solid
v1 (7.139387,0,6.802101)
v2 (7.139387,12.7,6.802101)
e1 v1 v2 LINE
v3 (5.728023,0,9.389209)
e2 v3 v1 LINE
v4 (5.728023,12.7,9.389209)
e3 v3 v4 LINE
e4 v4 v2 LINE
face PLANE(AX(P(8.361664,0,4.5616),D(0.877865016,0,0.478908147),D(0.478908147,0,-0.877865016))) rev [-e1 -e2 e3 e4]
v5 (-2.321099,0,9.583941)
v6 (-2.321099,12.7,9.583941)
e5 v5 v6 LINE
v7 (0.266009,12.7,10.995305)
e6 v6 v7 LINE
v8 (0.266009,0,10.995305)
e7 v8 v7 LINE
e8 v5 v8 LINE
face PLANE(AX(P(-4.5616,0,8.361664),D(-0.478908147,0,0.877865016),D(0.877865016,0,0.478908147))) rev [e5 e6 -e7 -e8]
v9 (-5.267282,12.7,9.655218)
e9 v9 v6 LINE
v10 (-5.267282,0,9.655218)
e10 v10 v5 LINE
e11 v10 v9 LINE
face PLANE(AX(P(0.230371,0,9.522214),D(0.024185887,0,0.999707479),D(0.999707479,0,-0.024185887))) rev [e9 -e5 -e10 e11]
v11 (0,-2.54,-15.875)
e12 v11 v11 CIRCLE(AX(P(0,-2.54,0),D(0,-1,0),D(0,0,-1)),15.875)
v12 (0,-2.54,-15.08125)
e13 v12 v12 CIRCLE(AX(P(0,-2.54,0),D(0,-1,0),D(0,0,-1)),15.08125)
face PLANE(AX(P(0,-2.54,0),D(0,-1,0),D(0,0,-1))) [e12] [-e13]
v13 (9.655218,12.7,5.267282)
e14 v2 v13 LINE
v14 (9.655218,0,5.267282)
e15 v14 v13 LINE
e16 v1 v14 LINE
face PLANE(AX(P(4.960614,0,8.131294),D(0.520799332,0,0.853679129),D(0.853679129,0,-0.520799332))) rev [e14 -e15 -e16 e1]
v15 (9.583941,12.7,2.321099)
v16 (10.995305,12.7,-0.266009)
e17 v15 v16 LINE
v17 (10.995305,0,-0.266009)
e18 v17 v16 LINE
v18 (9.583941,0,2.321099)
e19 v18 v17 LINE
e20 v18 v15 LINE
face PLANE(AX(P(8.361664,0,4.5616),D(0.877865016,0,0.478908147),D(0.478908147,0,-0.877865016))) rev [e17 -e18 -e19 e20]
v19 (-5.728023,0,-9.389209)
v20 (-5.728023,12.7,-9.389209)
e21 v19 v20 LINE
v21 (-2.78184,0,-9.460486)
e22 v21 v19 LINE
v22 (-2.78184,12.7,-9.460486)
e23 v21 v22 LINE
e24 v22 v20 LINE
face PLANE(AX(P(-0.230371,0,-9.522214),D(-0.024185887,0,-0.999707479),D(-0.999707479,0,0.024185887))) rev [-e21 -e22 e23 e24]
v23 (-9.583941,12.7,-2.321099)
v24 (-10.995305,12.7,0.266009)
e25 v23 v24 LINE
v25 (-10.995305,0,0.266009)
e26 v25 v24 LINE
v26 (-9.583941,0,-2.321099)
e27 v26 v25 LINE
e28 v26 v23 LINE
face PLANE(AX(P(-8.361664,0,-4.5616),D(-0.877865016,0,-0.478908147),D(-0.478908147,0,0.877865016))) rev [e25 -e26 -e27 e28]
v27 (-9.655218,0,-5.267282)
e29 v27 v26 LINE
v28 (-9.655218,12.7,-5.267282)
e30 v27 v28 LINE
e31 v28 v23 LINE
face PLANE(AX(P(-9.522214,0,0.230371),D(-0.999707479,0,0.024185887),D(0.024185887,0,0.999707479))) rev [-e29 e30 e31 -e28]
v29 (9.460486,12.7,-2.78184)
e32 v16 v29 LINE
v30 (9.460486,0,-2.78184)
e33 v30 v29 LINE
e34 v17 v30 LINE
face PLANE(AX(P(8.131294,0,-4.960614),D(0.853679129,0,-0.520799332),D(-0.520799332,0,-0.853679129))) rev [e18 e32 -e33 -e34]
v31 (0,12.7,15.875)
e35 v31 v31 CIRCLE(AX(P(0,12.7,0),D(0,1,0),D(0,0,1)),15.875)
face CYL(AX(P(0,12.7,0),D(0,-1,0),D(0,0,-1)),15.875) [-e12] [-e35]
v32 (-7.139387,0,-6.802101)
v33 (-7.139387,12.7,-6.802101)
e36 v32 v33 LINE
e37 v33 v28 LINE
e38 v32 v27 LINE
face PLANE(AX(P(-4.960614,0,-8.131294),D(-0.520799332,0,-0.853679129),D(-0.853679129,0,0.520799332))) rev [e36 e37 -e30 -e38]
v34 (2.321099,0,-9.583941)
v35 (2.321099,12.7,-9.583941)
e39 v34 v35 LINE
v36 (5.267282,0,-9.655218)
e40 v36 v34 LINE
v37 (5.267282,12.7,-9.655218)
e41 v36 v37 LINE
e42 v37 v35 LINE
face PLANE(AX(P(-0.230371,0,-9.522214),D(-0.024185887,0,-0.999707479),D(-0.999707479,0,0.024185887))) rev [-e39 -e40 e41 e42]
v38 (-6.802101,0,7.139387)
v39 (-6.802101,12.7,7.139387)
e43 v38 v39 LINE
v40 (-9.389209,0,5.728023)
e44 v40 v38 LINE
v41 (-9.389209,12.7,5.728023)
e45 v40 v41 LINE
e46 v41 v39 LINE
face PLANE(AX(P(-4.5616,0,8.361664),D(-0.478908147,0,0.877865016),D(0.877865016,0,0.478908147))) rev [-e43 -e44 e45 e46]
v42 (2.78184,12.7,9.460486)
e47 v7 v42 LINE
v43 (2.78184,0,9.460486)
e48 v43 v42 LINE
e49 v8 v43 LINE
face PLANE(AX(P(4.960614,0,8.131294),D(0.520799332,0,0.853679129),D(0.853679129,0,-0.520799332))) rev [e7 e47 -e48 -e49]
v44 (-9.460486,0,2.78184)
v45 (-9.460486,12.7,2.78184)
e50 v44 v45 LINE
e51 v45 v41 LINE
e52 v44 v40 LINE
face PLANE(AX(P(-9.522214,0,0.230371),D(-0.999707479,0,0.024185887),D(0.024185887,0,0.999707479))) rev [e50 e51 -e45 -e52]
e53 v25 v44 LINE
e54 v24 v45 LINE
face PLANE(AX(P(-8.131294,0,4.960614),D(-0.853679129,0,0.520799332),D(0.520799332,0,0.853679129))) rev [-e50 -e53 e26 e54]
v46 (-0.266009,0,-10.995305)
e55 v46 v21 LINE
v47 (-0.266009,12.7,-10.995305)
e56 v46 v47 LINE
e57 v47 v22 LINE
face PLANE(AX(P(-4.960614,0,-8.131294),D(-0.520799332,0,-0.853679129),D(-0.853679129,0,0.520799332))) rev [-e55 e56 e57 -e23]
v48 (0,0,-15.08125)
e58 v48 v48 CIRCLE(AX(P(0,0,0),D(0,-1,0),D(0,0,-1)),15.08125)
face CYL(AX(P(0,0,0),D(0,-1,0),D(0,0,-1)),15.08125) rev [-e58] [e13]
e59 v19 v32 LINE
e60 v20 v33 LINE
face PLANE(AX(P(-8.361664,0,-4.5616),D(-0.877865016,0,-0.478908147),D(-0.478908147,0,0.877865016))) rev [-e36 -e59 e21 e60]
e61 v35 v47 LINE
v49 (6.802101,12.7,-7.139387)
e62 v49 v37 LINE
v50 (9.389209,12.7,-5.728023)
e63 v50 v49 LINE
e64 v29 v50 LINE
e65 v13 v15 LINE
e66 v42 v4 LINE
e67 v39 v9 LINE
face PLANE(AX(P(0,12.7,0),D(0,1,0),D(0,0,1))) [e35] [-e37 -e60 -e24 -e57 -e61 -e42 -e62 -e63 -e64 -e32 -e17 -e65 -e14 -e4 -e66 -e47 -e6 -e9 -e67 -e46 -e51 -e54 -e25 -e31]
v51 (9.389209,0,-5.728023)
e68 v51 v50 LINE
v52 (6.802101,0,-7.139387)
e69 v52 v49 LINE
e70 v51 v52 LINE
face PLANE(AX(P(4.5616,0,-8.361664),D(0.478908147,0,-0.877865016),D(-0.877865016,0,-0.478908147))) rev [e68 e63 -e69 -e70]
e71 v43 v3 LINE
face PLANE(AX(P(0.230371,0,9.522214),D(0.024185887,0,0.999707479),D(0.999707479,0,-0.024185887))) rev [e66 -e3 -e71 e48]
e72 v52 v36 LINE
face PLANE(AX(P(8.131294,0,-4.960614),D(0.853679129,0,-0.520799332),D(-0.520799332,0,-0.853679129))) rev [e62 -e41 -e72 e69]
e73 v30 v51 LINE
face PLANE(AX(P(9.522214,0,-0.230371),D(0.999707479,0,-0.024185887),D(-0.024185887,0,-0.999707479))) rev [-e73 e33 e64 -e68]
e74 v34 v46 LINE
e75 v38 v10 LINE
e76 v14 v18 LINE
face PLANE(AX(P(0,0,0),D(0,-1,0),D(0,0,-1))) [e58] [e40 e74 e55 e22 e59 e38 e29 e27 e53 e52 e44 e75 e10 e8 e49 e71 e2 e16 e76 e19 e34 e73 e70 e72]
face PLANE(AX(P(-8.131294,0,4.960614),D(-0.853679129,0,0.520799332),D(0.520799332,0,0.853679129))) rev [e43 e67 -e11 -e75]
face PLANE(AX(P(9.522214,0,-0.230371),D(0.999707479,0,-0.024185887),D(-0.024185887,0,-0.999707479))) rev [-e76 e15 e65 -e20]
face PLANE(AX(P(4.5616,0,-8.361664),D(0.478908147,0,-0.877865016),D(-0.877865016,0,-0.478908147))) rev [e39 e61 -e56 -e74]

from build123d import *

# Parameters (mm, degrees)
SKETCH1_R           = 15.875
BOSS_EXTRUDE1_DEPTH = 12.7
CUT_EXTRUDE1_DEPTH  = 13.7
SKETCH3_R           = 15.875
BOSS_EXTRUDE2_DEPTH = 2.54
SKETCH4_R           = 15.08125
CUT_EXTRUDE2_DEPTH  = 2.54


with BuildPart() as part:
    # Sketch1 → Boss-Extrude1 (new body)
    with BuildSketch(Plane(origin=(0, 0, 0), x_dir=(1, 0, 0), z_dir=(0, 1, 0))):
        Circle(SKETCH1_R)
    extrude(amount=BOSS_EXTRUDE1_DEPTH)

    # Sketch2 → Cut-Extrude1 (cut, through all)
    with BuildSketch(Plane(origin=(0, 12.7, 0), x_dir=(1, 0, 0), z_dir=(0, 1, 0))):
        Polygon((-9.38920922, -5.728023239), (0.266009029, -10.995305325), (9.655218248, -5.267282086), (9.38920922, 5.728023239), (-0.266009029, 10.995305325), (-9.655218248, 5.267282086), align=None)
        Polygon((-5.267282086, -9.655218248), (5.728023239, -9.38920922), (10.995305325, 0.266009029), (5.267282086, 9.655218248), (-5.728023239, 9.38920922), (-10.995305325, -0.266009029), align=None)
        Polygon((-7.13938722, 6.802101287), (-2.781840057, 9.460486124), (-5.728023239, 9.38920922), align=None)
        Polygon((-9.583941344, 2.321098904), (-7.13938722, 6.802101287), (-9.655218248, 5.267282086), align=None)
        Polygon((-10.995305325, -0.266009029), (-9.460486124, -2.781840057), (-9.583941344, 2.321098904), align=None)
        Polygon((-9.38920922, -5.728023239), (-6.802101287, -7.13938722), (-9.460486124, -2.781840057), align=None)
        Polygon((-5.267282086, -9.655218248), (-2.321098904, -9.583941344), (-6.802101287, -7.13938722), align=None)
        Polygon((0.266009029, -10.995305325), (2.781840057, -9.460486124), (-2.321098904, -9.583941344), align=None)
        Polygon((5.728023239, -9.38920922), (7.13938722, -6.802101287), (2.781840057, -9.460486124), align=None)
        Polygon((7.13938722, -6.802101287), (9.655218248, -5.267282086), (9.583941344, -2.321098904), align=None)
        Polygon((9.460486124, 2.781840057), (9.583941344, -2.321098904), (10.995305325, 0.266009029), align=None)
        Polygon((6.802101287, 7.13938722), (9.460486124, 2.781840057), (9.38920922, 5.728023239), align=None)
        Polygon((2.321098904, 9.583941344), (6.802101287, 7.13938722), (5.267282086, 9.655218248), align=None)
        Polygon((-2.781840057, 9.460486124), (2.321098904, 9.583941344), (-0.266009029, 10.995305325), align=None)
    extrude(amount=-CUT_EXTRUDE1_DEPTH, mode=Mode.SUBTRACT)

    # Sketch3 → Boss-Extrude2 (add)
    with BuildSketch(Plane.XZ):
        Circle(SKETCH3_R)
    extrude(amount=BOSS_EXTRUDE2_DEPTH)

    # Sketch4 → Cut-Extrude2 (cut)
    with BuildSketch(Plane.XZ.offset(2.54)):
        Circle(SKETCH4_R)
    extrude(amount=-CUT_EXTRUDE2_DEPTH, mode=Mode.SUBTRACT)


solid = part.part
